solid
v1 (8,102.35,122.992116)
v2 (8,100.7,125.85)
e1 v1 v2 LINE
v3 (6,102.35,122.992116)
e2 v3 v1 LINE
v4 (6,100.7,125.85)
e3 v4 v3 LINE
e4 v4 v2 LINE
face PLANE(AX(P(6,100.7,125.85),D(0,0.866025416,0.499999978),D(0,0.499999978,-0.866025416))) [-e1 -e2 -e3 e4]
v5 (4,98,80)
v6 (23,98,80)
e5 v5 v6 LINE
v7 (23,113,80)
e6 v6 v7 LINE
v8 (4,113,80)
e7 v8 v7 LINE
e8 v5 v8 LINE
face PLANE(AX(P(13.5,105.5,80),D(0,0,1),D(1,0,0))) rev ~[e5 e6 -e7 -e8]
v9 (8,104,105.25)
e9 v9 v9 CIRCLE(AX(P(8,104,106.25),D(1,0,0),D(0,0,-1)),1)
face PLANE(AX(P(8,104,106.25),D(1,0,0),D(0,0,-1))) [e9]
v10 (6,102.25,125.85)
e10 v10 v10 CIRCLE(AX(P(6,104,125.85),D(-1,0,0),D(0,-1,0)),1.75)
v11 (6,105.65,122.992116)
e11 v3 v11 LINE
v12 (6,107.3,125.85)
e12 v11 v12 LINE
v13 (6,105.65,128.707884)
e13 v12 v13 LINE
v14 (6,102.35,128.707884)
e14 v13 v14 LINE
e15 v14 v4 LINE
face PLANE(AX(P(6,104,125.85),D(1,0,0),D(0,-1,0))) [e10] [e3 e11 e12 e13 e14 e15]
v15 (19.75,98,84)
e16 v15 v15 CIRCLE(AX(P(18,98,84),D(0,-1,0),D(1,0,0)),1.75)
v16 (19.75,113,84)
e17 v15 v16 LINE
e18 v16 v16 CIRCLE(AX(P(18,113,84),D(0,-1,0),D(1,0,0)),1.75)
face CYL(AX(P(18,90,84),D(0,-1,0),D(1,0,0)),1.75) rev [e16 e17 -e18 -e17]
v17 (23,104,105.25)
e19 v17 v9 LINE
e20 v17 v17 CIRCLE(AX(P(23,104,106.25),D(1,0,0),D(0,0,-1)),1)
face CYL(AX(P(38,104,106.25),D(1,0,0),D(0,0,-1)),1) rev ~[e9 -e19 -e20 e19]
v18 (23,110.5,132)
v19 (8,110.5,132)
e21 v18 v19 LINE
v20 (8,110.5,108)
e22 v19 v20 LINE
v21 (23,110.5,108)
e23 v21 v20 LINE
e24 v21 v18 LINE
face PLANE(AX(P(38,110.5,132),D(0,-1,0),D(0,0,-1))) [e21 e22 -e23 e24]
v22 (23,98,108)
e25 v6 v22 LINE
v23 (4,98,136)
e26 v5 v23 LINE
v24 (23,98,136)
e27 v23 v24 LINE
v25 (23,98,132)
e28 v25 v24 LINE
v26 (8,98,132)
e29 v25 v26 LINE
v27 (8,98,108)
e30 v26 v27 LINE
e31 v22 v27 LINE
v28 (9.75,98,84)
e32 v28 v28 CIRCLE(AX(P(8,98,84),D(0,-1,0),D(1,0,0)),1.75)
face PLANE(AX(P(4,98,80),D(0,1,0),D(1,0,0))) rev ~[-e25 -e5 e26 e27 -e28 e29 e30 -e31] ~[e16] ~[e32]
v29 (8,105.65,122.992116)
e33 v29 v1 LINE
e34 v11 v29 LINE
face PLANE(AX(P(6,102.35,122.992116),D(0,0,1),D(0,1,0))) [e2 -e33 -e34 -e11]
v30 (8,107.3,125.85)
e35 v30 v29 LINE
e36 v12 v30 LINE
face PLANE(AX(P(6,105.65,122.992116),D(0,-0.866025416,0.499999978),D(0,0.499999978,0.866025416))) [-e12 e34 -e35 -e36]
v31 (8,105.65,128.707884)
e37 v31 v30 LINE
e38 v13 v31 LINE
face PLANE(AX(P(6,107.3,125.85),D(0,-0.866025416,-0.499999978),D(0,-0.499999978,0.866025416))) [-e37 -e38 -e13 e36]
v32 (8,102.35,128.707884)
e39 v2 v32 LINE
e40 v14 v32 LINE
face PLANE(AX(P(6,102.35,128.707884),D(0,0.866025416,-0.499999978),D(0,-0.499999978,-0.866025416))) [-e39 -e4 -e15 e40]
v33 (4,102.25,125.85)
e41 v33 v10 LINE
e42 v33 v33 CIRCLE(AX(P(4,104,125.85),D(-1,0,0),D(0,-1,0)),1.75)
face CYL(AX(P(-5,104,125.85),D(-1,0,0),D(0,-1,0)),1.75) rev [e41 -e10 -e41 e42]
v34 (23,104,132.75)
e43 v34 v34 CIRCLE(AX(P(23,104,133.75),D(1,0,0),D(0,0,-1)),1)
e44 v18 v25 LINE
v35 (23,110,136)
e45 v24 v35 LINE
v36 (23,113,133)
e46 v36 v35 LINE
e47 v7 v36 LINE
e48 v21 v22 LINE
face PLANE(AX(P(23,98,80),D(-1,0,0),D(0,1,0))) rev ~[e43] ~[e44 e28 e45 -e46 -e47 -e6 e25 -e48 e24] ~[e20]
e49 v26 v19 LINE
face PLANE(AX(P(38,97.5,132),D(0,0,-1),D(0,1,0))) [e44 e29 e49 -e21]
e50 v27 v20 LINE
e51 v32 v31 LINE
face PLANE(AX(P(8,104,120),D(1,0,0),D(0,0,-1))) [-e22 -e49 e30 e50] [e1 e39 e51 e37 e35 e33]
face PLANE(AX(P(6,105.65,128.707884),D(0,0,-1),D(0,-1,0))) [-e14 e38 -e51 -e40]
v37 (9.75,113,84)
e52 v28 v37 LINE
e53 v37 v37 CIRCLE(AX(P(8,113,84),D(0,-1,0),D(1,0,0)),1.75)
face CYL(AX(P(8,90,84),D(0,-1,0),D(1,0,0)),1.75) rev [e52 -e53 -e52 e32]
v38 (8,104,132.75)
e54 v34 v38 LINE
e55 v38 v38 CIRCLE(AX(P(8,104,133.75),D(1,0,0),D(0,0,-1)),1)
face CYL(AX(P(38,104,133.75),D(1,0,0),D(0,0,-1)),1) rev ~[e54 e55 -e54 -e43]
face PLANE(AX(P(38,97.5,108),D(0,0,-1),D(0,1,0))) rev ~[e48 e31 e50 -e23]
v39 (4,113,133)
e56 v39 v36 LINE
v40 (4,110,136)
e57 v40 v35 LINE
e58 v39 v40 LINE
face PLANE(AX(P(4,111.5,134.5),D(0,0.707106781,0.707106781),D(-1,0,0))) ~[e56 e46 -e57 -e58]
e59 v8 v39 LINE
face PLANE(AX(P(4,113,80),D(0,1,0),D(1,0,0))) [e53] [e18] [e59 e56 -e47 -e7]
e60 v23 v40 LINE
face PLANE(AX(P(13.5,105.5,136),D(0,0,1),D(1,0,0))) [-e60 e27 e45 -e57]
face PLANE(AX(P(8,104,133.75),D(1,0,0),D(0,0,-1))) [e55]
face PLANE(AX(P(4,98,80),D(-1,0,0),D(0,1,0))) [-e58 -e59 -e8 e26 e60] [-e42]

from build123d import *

# Parameters (mm, degrees)
CYLINDER075_R          = 1.75
CYLINDER075_DEPTH      = 32
PRISM001_DEPTH         = 10
SKETCH015_R            = 1
SKETCH015_W            = 24
SKETCH015_H            = 13
PAD010_DEPTH           = 30
CYLINDER073_R          = 1.75
CYLINDER073_DEPTH      = 32
CYLINDER073_ROLL_ANGLE = -90
CYLINDER074_R          = 1.75
CYLINDER074_DEPTH      = 32
CYLINDER074_ROLL_ANGLE = -90
BOX054_W               = 19
BOX054_H               = 15
BOX054_DEPTH           = 56
CHAMFER108_SIZE        = 3


with BuildPart() as cilindro016:
    # Cylinder075 → Cylinder075 (new body)
    with BuildSketch(Plane(origin=(-5, 104, 125.85), x_dir=(0, -1, 0), z_dir=(1, 0, 0))):
        Circle(CYLINDER075_R)
    extrude(amount=CYLINDER075_DEPTH)


with BuildPart() as fusion057:
    # Prism001 → Prism001 (new body)
    with BuildSketch(Plane(origin=(6, 104, 125.85), x_dir=(0, -1, 0), z_dir=(1, 0, 0))):
        Polygon((3.3, 0), (1.65, 2.857884), (-1.65, 2.857884), (-3.3, 0), (-1.65, -2.857884), (1.65, -2.857884), align=None)
    extrude(amount=PRISM001_DEPTH)

    # Fusion057: union Cilindro016
    add(cilindro016.part)


with BuildPart() as pad010:
    # Sketch015 → Pad010 (new body)
    with BuildSketch(Plane(origin=(38, -16, 143.25), x_dir=(0, 0, -1), z_dir=(1, 0, 0))):
        with Locations((37, 120)):
            Circle(SKETCH015_R)
        with Locations((9.5, 120)):
            Circle(SKETCH015_R)
        with Locations((23.25, 120)):
            Rectangle(SKETCH015_W, SKETCH015_H)
    extrude(amount=-PAD010_DEPTH)


with BuildPart() as cilindro014:
    # Cylinder073 → Cylinder073 (new body)
    with BuildSketch(Plane.XY):
        Circle(CYLINDER073_R)
    extrude(amount=CYLINDER073_DEPTH)


with BuildPart() as cilindro014_1:
    # Cylinder073 roll: moved
    add(cilindro014.part.rotate(Axis((0, 0, 0), (1, 0, 0)), CYLINDER073_ROLL_ANGLE))


with BuildPart() as cilindro014_2:
    # Cylinder073 placement: moved
    add(cilindro014_1.part.moved(Location((8, 90, 84))))


with BuildPart() as fusion056:
    # Cylinder074 → Cylinder074 (new body)
    with BuildSketch(Plane.XY):
        Circle(CYLINDER074_R)
    extrude(amount=CYLINDER074_DEPTH)


with BuildPart() as fusion056_1:
    # Cylinder074 roll: moved
    add(fusion056.part.rotate(Axis((0, 0, 0), (1, 0, 0)), CYLINDER074_ROLL_ANGLE))


with BuildPart() as fusion056_2:
    # Cylinder074 placement: moved
    add(fusion056_1.part.moved(Location((18, 90, 84))))

    # Fusion056: union Cilindro014
    add(cilindro014_2.part)


with BuildPart() as arm_src:
    # Box054 → Box054 (new body)
    with BuildSketch(Plane(origin=(4, 98, 80), x_dir=(1, 0, 0), z_dir=(0, 0, 1))):
        with Locations((9.5, 7.5)):
            Rectangle(BOX054_W, BOX054_H)
    extrude(amount=BOX054_DEPTH)

    # Cut098: cut Fusion056
    add(fusion056_2.part, mode=Mode.SUBTRACT)

    # Cut099: cut Pad010
    add(pad010.part, mode=Mode.SUBTRACT)

    # Chamfer108
    chamfer108_edges = [arm_src.edges().sort_by_distance(p)[0] for p in [
        (13.5, 113, 136),
    ]]
    chamfer(chamfer108_edges, length=CHAMFER108_SIZE)

    # Cut100: cut Fusion057
    add(fusion057.part, mode=Mode.SUBTRACT)


solid = arm_src.part
